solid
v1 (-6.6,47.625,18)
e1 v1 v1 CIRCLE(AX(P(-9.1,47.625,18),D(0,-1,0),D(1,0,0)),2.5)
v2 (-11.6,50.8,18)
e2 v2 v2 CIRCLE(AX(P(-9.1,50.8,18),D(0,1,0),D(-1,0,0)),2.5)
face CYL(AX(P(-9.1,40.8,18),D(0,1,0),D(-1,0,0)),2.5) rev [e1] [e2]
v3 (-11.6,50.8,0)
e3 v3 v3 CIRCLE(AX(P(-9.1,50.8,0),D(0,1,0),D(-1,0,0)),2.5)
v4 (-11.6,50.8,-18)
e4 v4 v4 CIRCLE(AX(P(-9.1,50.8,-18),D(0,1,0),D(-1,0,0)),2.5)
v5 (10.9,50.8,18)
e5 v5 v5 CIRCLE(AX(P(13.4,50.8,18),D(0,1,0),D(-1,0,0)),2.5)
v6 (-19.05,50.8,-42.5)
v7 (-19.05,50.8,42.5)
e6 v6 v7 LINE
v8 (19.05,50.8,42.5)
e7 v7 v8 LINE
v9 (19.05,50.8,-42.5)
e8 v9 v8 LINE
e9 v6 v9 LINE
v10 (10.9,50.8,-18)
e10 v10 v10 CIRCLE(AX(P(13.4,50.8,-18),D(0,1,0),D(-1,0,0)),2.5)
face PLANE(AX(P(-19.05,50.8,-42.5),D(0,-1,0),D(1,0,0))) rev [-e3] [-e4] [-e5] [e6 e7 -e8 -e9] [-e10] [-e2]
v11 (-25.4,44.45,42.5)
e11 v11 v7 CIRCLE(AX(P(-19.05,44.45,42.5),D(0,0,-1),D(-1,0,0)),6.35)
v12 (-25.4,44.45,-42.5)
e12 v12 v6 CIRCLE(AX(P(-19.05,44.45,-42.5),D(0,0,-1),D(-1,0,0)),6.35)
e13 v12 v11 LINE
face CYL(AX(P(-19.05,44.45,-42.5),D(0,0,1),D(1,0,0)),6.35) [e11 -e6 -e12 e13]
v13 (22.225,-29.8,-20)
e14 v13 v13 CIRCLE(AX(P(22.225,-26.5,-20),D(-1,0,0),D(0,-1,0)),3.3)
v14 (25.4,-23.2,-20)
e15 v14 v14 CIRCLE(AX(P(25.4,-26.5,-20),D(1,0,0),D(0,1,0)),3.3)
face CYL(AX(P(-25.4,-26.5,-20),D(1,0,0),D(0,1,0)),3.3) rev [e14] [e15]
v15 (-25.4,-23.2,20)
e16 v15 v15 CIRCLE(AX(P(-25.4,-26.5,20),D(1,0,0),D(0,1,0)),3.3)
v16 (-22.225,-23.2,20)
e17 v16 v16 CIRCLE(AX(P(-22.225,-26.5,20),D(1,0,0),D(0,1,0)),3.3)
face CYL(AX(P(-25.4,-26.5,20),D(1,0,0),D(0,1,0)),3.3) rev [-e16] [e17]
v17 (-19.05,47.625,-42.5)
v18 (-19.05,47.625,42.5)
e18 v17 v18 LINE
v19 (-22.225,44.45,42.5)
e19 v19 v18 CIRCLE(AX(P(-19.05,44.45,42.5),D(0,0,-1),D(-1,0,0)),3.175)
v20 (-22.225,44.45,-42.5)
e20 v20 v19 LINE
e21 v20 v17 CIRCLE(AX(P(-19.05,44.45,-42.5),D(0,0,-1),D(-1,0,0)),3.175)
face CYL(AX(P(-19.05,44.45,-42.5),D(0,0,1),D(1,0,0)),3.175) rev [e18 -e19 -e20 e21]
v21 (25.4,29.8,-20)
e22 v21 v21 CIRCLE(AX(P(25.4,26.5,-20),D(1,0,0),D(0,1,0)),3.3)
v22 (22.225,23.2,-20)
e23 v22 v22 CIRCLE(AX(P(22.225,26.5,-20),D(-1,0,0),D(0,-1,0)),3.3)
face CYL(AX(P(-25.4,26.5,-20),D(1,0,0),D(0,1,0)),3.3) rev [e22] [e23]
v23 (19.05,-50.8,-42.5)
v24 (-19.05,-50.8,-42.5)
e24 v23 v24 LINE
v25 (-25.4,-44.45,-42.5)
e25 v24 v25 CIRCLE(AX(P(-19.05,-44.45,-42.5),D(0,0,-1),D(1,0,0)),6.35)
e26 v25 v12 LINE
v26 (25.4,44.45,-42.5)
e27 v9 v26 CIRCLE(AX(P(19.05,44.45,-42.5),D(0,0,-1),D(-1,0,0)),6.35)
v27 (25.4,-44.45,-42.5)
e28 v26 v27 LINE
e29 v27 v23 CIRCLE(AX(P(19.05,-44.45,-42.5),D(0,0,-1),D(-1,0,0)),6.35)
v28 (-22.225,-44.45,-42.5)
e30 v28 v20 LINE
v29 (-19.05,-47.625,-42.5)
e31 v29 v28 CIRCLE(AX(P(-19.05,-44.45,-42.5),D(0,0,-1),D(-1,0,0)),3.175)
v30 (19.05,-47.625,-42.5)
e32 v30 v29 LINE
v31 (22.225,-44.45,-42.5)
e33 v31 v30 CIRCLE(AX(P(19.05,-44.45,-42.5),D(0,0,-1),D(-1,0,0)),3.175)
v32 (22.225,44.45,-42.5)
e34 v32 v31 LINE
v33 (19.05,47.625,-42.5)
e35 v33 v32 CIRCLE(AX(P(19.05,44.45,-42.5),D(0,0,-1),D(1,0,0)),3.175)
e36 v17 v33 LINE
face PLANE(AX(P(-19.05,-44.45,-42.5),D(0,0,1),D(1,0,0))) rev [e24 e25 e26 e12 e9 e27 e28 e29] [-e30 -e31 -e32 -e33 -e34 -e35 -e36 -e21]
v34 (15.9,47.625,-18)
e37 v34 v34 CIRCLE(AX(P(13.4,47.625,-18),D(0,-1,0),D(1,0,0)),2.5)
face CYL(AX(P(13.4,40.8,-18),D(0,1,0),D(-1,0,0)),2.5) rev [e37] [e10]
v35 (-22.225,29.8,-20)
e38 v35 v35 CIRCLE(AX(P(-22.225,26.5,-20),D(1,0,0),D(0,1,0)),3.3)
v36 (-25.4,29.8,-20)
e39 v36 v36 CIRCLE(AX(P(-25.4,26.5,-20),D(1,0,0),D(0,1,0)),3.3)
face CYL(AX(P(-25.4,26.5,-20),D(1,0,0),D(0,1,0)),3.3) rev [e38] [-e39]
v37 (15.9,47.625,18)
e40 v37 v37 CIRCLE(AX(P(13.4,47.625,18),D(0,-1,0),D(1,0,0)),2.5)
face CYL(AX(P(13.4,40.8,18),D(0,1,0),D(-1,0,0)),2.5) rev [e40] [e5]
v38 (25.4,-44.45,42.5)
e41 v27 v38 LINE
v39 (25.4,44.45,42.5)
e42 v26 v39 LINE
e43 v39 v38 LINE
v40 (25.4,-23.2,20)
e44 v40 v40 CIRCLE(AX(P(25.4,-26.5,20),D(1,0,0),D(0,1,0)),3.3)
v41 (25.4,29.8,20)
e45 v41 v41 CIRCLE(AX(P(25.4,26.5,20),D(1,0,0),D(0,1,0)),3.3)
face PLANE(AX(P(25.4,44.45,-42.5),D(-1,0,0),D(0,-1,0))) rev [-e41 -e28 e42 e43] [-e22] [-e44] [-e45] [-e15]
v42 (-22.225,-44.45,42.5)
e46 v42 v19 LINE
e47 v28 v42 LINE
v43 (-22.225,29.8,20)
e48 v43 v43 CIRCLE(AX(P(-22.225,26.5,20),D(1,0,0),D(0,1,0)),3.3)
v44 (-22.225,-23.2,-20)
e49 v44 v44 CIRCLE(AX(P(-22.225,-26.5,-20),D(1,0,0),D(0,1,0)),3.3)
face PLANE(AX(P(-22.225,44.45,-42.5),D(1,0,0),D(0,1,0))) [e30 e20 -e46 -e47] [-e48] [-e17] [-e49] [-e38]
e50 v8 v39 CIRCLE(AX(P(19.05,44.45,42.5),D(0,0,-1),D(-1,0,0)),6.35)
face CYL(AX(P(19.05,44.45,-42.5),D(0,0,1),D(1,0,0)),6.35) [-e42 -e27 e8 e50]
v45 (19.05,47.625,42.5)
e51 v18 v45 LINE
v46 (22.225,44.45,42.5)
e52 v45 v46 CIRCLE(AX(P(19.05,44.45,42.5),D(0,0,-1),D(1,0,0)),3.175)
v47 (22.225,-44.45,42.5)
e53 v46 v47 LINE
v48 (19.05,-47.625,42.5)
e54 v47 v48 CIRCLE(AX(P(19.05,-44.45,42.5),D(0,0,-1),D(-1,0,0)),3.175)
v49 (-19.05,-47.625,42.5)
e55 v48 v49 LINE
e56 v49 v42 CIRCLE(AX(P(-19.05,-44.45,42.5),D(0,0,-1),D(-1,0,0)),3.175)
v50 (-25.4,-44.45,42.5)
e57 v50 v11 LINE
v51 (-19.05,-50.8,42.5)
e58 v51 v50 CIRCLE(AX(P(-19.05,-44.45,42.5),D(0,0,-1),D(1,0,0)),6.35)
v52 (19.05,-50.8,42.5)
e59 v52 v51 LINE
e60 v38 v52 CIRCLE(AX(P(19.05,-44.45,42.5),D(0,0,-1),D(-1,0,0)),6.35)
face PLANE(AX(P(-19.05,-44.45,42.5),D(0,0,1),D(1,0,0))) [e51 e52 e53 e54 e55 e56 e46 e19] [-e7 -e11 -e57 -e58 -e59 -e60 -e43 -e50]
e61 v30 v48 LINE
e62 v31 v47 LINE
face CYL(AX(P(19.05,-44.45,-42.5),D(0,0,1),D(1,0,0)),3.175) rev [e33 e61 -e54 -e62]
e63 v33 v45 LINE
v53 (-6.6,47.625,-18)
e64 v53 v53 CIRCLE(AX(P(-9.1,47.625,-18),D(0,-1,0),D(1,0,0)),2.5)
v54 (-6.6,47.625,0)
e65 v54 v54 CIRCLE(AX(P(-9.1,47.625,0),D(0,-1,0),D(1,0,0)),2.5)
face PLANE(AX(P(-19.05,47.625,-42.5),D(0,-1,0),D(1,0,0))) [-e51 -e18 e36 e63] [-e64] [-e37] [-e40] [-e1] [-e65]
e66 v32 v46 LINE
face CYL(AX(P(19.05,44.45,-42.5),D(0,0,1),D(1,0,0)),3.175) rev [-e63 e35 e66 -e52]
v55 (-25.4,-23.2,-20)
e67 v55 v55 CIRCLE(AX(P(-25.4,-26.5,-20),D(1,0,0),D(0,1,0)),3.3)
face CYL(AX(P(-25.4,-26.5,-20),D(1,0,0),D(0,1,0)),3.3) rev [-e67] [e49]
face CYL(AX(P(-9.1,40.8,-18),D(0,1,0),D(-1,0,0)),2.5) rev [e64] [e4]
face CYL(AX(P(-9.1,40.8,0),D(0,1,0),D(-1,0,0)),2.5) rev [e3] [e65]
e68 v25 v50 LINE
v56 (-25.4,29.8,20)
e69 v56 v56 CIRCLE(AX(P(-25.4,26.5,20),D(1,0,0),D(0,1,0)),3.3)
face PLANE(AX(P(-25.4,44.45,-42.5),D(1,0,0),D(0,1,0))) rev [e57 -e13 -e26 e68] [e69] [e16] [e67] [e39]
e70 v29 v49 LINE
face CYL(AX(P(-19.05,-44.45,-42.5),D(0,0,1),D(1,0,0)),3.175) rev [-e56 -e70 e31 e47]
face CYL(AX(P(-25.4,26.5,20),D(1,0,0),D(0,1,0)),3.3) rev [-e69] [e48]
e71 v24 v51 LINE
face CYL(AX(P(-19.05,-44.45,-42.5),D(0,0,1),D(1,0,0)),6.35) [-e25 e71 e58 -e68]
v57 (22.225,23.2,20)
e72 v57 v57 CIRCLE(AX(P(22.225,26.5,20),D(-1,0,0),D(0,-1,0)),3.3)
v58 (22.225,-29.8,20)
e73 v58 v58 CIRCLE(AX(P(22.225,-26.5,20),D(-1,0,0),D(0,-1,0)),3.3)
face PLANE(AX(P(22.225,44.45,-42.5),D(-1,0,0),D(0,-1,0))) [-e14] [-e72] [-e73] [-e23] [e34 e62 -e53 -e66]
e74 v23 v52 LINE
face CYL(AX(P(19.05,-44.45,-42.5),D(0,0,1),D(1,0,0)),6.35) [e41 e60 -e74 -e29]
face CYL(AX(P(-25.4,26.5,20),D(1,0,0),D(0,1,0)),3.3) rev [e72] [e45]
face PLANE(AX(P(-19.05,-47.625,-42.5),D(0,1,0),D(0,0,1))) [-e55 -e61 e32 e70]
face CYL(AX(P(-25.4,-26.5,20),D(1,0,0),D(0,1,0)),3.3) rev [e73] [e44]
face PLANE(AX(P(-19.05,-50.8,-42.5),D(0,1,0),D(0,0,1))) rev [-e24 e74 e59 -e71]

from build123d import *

# Parameters (mm, degrees)
CNC_4X2X0_125_1_DEPTH = 85
SKETCH3_R             = 2.5
CUT_EXTRUDE1_DEPTH    = 10
SKETCH2_R             = 3.3
CUT_EXTRUDE2_DEPTH    = 84.471731742


with BuildPart() as part:
    # Sketch1 → Cnc 4X2X0.125(1) (new body)
    with BuildSketch(Plane.YX.offset(-42.5)):
        with BuildLine():
            Line((44.45, -25.4), (-44.45, -25.4))
            ThreePointArc((-44.45, -25.4), (-48.940128061, -23.540128061), (-50.8, -19.05))
            Line((-50.8, -19.05), (-50.8, 19.05))
            ThreePointArc((-50.8, 19.05), (-48.940128061, 23.540128061), (-44.45, 25.4))
            Line((-44.45, 25.4), (44.45, 25.4))
            ThreePointArc((44.45, 25.4), (48.940128061, 23.540128061), (50.8, 19.05))
            Line((50.8, 19.05), (50.8, -19.05))
            ThreePointArc((50.8, -19.05), (48.940128061, -23.540128061), (44.45, -25.4))
        make_face()
        with BuildLine():
            Line((44.45, 22.225), (-44.45, 22.225))
            ThreePointArc((-44.45, 22.225), (-46.69506403, 21.29506403), (-47.625, 19.05))
            Line((-47.625, 19.05), (-47.625, -19.05))
            ThreePointArc((-47.625, -19.05), (-46.69506403, -21.29506403), (-44.45, -22.225))
            Line((-44.45, -22.225), (44.45, -22.225))
            ThreePointArc((44.45, -22.225), (46.69506403, -21.29506403), (47.625, -19.05))
            Line((47.625, -19.05), (47.625, 19.05))
            ThreePointArc((47.625, 19.05), (46.69506403, 21.29506403), (44.45, 22.225))
        make_face(mode=Mode.SUBTRACT)
    extrude(amount=CNC_4X2X0_125_1_DEPTH)

    # Sketch3 → Cut-Extrude1 (cut)
    with BuildSketch(Plane(origin=(0, 50.8, 0), x_dir=(1, 0, 0), z_dir=(0, 1, 0))):
        with Locations(Location((-9.1, 18, 0), (0, 0, 180))):
            Circle(SKETCH3_R)
        with Locations(Location((-9.1, 0, 0), (0, 0, 180))):
            Circle(SKETCH3_R)
        with Locations(Location((-9.1, -18, 0), (0, 0, 180))):
            Circle(SKETCH3_R)
        with Locations(Location((13.4, 18, 0), (0, 0, 180))):
            Circle(SKETCH3_R)
        with Locations(Location((13.4, -18, 0), (0, 0, 180))):
            Circle(SKETCH3_R)
    extrude(amount=-CUT_EXTRUDE1_DEPTH, mode=Mode.SUBTRACT)

    # Sketch2 → Cut-Extrude2 (cut, through all)
    with BuildSketch(Plane(origin=(25.4, 0, 0), x_dir=(0, 0, -1), z_dir=(1, 0, 0))):
        with Locations(Location((-20, 26.5, 0), (0, 0, 90))):
            Circle(SKETCH2_R)
        with Locations(Location((20, 26.5, 0), (0, 0, 90))):
            Circle(SKETCH2_R)
        with Locations(Location((20, -26.5, 0), (0, 0, 90))):
            Circle(SKETCH2_R)
        with Locations(Location((-20, -26.5, 0), (0, 0, 90))):
            Circle(SKETCH2_R)
    extrude(amount=-CUT_EXTRUDE2_DEPTH, mode=Mode.SUBTRACT)


solid = part.part
